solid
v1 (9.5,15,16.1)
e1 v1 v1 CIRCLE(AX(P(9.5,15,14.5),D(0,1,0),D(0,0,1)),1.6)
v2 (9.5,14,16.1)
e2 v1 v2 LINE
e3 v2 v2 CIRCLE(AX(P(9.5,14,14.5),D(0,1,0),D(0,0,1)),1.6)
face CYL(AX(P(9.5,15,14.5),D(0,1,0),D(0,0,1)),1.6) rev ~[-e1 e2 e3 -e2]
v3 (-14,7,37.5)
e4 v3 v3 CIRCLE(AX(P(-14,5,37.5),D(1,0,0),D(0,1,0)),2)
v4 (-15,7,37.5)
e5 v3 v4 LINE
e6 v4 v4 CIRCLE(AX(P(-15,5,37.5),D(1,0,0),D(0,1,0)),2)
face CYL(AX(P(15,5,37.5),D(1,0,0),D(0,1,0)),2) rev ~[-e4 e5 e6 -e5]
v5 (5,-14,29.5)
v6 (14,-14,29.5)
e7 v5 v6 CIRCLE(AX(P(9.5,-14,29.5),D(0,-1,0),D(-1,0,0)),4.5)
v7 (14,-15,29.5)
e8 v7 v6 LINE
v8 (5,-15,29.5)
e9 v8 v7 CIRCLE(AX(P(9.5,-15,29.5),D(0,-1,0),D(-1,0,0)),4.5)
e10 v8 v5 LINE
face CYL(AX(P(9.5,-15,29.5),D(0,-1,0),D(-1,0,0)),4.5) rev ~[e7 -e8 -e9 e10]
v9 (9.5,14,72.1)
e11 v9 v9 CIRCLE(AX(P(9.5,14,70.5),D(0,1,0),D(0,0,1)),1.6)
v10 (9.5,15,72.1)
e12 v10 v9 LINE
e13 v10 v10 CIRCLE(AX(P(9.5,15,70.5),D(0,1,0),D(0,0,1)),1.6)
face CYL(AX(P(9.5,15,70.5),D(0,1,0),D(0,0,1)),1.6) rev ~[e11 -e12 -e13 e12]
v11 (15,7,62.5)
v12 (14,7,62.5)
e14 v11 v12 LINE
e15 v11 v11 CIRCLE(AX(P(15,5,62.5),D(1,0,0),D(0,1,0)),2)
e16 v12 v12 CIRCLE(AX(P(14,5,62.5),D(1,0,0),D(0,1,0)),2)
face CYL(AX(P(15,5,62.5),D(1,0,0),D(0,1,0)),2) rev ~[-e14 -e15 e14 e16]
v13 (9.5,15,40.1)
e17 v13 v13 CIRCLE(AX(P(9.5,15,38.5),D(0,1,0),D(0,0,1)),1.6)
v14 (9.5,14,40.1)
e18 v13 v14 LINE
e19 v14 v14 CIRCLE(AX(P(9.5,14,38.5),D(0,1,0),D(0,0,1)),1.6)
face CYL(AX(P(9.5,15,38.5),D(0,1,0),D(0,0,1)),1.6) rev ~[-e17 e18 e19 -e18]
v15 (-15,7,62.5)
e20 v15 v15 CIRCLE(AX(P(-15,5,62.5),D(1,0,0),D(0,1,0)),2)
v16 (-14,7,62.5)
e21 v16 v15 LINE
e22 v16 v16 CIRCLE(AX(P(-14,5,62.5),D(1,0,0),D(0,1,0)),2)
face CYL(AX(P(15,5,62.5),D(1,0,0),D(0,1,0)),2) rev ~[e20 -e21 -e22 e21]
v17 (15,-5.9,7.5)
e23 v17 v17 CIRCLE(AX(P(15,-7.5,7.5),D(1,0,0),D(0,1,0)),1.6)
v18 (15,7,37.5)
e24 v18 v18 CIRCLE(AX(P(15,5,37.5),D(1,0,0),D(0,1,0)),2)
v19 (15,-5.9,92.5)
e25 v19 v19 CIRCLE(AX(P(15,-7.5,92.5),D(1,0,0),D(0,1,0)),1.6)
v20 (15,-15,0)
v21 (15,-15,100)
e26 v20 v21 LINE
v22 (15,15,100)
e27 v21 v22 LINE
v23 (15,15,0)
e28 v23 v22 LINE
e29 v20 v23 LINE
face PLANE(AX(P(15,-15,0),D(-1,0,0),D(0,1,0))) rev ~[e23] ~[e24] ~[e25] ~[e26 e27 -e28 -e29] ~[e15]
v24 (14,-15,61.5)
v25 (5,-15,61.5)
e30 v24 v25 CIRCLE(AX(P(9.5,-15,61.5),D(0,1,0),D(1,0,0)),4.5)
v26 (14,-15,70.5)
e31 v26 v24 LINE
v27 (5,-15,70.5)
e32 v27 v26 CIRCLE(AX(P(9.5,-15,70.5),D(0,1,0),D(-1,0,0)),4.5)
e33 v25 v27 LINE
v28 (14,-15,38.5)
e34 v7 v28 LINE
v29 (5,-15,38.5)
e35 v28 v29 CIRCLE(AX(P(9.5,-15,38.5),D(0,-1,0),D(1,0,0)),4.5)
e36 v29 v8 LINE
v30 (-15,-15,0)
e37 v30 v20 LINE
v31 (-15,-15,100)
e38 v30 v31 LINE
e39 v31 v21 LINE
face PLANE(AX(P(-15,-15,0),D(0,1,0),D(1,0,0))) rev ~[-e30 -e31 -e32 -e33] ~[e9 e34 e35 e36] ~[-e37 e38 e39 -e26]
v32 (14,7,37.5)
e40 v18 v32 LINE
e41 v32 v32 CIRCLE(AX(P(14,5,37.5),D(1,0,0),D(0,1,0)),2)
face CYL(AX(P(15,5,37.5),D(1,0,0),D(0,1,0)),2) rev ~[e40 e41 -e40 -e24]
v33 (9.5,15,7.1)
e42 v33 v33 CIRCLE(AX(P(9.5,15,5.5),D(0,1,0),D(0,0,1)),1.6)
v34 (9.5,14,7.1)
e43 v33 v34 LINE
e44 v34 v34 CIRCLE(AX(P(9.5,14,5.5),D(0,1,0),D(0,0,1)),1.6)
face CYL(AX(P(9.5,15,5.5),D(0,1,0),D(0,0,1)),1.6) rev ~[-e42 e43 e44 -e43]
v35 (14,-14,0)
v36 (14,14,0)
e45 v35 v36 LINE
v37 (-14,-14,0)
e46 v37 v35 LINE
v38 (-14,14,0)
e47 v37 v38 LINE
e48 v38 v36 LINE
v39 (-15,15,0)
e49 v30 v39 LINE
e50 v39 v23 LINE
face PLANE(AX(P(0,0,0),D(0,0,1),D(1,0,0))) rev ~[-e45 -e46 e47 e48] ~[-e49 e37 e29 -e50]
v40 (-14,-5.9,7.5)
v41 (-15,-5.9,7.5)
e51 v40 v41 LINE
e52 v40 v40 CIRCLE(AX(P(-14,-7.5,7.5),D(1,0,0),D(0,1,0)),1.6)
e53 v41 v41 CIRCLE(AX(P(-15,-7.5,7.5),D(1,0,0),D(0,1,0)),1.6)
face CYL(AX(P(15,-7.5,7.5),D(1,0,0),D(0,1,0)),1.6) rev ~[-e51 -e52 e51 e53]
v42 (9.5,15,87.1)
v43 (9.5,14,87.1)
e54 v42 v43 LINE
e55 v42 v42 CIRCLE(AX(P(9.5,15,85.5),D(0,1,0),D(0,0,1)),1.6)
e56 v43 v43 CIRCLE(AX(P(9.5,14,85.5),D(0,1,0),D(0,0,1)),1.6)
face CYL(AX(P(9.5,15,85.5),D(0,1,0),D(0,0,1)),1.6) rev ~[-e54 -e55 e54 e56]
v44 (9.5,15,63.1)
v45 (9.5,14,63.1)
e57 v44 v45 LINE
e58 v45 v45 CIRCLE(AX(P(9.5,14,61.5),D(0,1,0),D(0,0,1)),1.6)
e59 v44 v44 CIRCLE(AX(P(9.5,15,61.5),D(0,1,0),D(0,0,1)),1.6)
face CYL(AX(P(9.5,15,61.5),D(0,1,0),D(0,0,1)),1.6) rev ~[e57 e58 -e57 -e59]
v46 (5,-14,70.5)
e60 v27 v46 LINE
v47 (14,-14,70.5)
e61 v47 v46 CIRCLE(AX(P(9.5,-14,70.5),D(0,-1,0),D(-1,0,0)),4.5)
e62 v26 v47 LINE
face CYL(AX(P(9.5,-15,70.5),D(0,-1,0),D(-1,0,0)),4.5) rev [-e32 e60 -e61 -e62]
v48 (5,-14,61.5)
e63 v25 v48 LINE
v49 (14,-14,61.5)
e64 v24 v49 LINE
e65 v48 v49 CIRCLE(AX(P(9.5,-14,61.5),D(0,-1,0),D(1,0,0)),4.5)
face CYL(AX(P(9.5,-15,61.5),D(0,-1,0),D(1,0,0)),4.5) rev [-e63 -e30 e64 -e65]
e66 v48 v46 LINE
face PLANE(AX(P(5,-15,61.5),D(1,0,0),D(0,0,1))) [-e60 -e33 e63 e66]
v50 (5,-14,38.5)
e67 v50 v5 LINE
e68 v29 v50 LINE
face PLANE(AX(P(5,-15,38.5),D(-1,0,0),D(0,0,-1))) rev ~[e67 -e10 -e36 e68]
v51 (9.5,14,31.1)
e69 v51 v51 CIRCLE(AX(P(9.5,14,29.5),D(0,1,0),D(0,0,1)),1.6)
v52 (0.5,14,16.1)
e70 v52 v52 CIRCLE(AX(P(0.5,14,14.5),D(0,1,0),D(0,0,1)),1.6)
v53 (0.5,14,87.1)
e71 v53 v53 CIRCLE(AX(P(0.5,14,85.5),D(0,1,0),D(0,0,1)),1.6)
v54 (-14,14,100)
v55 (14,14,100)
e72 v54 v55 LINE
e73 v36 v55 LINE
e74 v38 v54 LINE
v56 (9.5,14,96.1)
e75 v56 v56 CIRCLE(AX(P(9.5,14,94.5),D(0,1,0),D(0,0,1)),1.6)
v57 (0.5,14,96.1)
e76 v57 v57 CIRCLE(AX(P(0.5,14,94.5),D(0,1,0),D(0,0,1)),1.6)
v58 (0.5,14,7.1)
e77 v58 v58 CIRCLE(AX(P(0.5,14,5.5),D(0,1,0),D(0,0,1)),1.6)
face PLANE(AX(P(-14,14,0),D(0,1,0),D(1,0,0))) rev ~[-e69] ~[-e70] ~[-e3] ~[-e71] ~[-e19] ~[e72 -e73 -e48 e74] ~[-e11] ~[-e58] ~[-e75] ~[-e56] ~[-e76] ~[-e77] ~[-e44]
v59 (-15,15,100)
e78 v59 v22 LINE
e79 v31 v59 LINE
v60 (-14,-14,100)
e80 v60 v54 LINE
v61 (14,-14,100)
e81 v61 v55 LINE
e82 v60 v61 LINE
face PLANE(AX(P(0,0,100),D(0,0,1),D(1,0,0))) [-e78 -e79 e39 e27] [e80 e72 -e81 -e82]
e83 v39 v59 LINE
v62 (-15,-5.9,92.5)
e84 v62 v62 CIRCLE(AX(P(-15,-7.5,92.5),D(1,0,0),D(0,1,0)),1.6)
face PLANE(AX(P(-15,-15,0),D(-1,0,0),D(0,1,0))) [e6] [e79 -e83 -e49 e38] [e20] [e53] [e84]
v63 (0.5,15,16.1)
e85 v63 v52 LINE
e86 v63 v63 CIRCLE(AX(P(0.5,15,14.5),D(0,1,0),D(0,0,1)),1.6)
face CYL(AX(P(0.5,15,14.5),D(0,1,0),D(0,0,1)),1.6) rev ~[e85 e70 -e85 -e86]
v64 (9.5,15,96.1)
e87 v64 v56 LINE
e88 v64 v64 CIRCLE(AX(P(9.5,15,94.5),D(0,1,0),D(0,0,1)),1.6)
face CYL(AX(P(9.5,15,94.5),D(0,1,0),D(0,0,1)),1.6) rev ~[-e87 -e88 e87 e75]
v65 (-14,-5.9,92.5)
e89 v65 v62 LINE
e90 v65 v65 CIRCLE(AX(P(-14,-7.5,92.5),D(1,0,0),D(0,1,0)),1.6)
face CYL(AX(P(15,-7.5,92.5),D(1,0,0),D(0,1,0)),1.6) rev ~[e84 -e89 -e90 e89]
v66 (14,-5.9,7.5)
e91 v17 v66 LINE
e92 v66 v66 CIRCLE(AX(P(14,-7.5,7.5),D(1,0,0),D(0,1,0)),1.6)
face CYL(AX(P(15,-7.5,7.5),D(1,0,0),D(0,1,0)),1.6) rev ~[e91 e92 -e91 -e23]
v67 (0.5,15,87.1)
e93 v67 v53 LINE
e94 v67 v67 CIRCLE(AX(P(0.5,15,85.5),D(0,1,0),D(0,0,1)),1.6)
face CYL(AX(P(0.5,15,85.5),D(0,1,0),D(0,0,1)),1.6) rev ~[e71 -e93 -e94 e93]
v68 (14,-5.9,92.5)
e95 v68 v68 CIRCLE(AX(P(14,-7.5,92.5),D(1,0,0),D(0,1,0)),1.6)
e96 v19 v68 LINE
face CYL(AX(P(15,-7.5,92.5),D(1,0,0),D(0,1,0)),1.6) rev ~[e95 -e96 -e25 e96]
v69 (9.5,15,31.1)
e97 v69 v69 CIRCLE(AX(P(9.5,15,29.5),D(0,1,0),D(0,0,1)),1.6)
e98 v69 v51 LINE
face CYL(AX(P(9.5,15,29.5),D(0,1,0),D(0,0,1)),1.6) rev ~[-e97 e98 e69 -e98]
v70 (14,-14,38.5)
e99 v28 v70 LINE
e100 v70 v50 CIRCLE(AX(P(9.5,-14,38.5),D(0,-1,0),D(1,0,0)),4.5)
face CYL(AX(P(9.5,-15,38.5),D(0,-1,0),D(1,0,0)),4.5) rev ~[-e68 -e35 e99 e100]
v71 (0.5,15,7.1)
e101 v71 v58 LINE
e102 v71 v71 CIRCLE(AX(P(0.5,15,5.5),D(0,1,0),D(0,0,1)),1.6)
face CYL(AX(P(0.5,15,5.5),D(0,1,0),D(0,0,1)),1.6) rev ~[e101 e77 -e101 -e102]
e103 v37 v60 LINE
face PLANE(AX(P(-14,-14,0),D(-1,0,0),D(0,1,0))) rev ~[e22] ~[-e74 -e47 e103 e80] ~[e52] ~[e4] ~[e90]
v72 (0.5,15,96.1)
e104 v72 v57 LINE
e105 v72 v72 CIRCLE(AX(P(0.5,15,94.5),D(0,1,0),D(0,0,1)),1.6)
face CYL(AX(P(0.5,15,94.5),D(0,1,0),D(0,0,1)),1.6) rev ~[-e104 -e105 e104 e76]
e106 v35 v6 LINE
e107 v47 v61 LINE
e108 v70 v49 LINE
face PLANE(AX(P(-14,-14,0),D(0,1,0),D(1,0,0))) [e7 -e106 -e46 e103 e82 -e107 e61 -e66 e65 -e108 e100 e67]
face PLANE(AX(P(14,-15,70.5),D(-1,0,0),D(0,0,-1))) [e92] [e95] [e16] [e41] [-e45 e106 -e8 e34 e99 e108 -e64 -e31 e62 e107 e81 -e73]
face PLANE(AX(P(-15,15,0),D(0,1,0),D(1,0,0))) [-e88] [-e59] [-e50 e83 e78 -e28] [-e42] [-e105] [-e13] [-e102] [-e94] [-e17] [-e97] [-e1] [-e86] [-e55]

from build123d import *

# Parameters (mm, degrees)
SKETCH_1_W          = 30
SKETCH_1_H          = 30
SKETCH_1_W_2        = 28
SKETCH_1_H_2        = 28
EXTRUDE_1_DEPTH     = 100
SKETCH_3_R          = 1.6
CUT_EXTRUDE_1_DEPTH = 106.475115549
SKETCH_5_R          = 1.6
CUT_EXTRUDE_3_DEPTH = 106.475115549
SKETCH_6_R          = 2
CUT_EXTRUDE_4_DEPTH = 106.475115549
SKETCH_7_W          = 17.574392575
SKETCH_7_H          = 17.83033033
SKETCH_7_W_2        = 16.806579307
SKETCH_7_H_2        = 18.854081354
EXTRUDE_2_DEPTH     = 1
CUT_EXTRUDE_5_REACH = 107.475


with BuildPart() as part:
    # 草图1 → 凸台-拉伸1 (new body)
    with BuildSketch(Plane.XY):
        Rectangle(SKETCH_1_W, SKETCH_1_H)
        Rectangle(SKETCH_1_W_2, SKETCH_1_H_2, mode=Mode.SUBTRACT)
    extrude(amount=EXTRUDE_1_DEPTH)

    # 草图3 → 切除-拉伸1 (cut, through all)
    with BuildSketch(Plane(origin=(0, 15, 0), x_dir=(1, 0, 0), z_dir=(0, 1, 0))):
        with Locations(Location((0.5, -94.5, 0), (0, 0, 270))):
            Circle(SKETCH_3_R)
        with Locations(Location((9.5, -94.5, 0), (0, 0, 270))):
            Circle(SKETCH_3_R)
        with Locations(Location((9.5, -85.5, 0), (0, 0, 270))):
            Circle(SKETCH_3_R)
        with Locations(Location((0.5, -85.5, 0), (0, 0, 270))):
            Circle(SKETCH_3_R)
        with Locations(Location((9.5, -14.5, 0), (0, 0, 270))):
            Circle(SKETCH_3_R)
        with Locations(Location((9.5, -5.5, 0), (0, 0, 270))):
            Circle(SKETCH_3_R)
        with Locations(Location((0.5, -5.5, 0), (0, 0, 270))):
            Circle(SKETCH_3_R)
        with Locations(Location((0.5, -14.5, 0), (0, 0, 270))):
            Circle(SKETCH_3_R)
        with Locations(Location((9.5, -70.5, 0), (0, 0, 270))):
            Circle(SKETCH_3_R)
        with Locations(Location((9.5, -61.5, 0), (0, 0, 270))):
            Circle(SKETCH_3_R)
        with Locations(Location((9.5, -38.5, 0), (0, 0, 270))):
            Circle(SKETCH_3_R)
        with Locations(Location((9.5, -29.5, 0), (0, 0, 270))):
            Circle(SKETCH_3_R)
    extrude(amount=-CUT_EXTRUDE_1_DEPTH, mode=Mode.SUBTRACT)

    # 草图5 → 切除-拉伸3 (cut, through all)
    with BuildSketch(Plane(origin=(15, 0, 0), x_dir=(0, 0, -1), z_dir=(1, 0, 0))):
        with Locations(Location((-92.5, -7.5, 0), (0, 0, 90))):
            Circle(SKETCH_5_R)
        with Locations(Location((-7.5, -7.5, 0), (0, 0, 90))):
            Circle(SKETCH_5_R)
    extrude(amount=-CUT_EXTRUDE_3_DEPTH, mode=Mode.SUBTRACT)

    # 草图6 → 切除-拉伸4 (cut, through all)
    with BuildSketch(Plane(origin=(15, 0, 0), x_dir=(0, 0, -1), z_dir=(1, 0, 0))):
        with Locations(Location((-62.5, 5, 0), (0, 0, 90))):
            Circle(SKETCH_6_R)
        with Locations(Location((-37.5, 5, 0), (0, 0, 90))):
            Circle(SKETCH_6_R)
    extrude(amount=-CUT_EXTRUDE_4_DEPTH, mode=Mode.SUBTRACT)

    # 草图7 → 凸台-拉伸2 (add)
    with BuildSketch(Plane.XZ.offset(15)):
        with Locations((4.265629266, 89.627695878)):
            Rectangle(SKETCH_7_W, SKETCH_7_H)
        with Locations((4.6495359, 10.628241878)):
            Rectangle(SKETCH_7_W_2, SKETCH_7_H_2)
    extrude(amount=-EXTRUDE_2_DEPTH)

    # 草图8 → 切除-拉伸5 (cut, up to next)
    with BuildSketch(Plane.XZ.offset(15), mode=Mode.PRIVATE) as cut_extrude_5_sk1:
        with BuildLine():
            Line((14, 70.5), (14, 61.5))
            ThreePointArc((14, 61.5), (9.5, 57), (5, 61.5))
            Line((5, 61.5), (5, 70.5))
            ThreePointArc((5, 70.5), (9.5, 75), (14, 70.5))
        make_face()
    cut_extrude_5_tool1 = extrude(cut_extrude_5_sk1.sketch, amount=-CUT_EXTRUDE_5_REACH, mode=Mode.PRIVATE) & part.part
    # 草图8 → 切除-拉伸5 (cut, up to next)
    with BuildSketch(Plane.XZ.offset(15), mode=Mode.PRIVATE) as cut_extrude_5_sk2:
        with BuildLine():
            Line((14, 29.5), (14, 38.5))
            ThreePointArc((14, 38.5), (9.5, 43), (5, 38.5))
            Line((5, 38.5), (5, 29.5))
            ThreePointArc((5, 29.5), (9.5, 25), (14, 29.5))
        make_face()
    cut_extrude_5_tool2 = extrude(cut_extrude_5_sk2.sketch, amount=-CUT_EXTRUDE_5_REACH, mode=Mode.PRIVATE) & part.part
    add(cut_extrude_5_tool1.solids().sort_by_distance((9.5, -15, 66))[0], mode=Mode.SUBTRACT)
    add(cut_extrude_5_tool2.solids().sort_by_distance((9.5, -15, 34))[0], mode=Mode.SUBTRACT)


solid = part.part
